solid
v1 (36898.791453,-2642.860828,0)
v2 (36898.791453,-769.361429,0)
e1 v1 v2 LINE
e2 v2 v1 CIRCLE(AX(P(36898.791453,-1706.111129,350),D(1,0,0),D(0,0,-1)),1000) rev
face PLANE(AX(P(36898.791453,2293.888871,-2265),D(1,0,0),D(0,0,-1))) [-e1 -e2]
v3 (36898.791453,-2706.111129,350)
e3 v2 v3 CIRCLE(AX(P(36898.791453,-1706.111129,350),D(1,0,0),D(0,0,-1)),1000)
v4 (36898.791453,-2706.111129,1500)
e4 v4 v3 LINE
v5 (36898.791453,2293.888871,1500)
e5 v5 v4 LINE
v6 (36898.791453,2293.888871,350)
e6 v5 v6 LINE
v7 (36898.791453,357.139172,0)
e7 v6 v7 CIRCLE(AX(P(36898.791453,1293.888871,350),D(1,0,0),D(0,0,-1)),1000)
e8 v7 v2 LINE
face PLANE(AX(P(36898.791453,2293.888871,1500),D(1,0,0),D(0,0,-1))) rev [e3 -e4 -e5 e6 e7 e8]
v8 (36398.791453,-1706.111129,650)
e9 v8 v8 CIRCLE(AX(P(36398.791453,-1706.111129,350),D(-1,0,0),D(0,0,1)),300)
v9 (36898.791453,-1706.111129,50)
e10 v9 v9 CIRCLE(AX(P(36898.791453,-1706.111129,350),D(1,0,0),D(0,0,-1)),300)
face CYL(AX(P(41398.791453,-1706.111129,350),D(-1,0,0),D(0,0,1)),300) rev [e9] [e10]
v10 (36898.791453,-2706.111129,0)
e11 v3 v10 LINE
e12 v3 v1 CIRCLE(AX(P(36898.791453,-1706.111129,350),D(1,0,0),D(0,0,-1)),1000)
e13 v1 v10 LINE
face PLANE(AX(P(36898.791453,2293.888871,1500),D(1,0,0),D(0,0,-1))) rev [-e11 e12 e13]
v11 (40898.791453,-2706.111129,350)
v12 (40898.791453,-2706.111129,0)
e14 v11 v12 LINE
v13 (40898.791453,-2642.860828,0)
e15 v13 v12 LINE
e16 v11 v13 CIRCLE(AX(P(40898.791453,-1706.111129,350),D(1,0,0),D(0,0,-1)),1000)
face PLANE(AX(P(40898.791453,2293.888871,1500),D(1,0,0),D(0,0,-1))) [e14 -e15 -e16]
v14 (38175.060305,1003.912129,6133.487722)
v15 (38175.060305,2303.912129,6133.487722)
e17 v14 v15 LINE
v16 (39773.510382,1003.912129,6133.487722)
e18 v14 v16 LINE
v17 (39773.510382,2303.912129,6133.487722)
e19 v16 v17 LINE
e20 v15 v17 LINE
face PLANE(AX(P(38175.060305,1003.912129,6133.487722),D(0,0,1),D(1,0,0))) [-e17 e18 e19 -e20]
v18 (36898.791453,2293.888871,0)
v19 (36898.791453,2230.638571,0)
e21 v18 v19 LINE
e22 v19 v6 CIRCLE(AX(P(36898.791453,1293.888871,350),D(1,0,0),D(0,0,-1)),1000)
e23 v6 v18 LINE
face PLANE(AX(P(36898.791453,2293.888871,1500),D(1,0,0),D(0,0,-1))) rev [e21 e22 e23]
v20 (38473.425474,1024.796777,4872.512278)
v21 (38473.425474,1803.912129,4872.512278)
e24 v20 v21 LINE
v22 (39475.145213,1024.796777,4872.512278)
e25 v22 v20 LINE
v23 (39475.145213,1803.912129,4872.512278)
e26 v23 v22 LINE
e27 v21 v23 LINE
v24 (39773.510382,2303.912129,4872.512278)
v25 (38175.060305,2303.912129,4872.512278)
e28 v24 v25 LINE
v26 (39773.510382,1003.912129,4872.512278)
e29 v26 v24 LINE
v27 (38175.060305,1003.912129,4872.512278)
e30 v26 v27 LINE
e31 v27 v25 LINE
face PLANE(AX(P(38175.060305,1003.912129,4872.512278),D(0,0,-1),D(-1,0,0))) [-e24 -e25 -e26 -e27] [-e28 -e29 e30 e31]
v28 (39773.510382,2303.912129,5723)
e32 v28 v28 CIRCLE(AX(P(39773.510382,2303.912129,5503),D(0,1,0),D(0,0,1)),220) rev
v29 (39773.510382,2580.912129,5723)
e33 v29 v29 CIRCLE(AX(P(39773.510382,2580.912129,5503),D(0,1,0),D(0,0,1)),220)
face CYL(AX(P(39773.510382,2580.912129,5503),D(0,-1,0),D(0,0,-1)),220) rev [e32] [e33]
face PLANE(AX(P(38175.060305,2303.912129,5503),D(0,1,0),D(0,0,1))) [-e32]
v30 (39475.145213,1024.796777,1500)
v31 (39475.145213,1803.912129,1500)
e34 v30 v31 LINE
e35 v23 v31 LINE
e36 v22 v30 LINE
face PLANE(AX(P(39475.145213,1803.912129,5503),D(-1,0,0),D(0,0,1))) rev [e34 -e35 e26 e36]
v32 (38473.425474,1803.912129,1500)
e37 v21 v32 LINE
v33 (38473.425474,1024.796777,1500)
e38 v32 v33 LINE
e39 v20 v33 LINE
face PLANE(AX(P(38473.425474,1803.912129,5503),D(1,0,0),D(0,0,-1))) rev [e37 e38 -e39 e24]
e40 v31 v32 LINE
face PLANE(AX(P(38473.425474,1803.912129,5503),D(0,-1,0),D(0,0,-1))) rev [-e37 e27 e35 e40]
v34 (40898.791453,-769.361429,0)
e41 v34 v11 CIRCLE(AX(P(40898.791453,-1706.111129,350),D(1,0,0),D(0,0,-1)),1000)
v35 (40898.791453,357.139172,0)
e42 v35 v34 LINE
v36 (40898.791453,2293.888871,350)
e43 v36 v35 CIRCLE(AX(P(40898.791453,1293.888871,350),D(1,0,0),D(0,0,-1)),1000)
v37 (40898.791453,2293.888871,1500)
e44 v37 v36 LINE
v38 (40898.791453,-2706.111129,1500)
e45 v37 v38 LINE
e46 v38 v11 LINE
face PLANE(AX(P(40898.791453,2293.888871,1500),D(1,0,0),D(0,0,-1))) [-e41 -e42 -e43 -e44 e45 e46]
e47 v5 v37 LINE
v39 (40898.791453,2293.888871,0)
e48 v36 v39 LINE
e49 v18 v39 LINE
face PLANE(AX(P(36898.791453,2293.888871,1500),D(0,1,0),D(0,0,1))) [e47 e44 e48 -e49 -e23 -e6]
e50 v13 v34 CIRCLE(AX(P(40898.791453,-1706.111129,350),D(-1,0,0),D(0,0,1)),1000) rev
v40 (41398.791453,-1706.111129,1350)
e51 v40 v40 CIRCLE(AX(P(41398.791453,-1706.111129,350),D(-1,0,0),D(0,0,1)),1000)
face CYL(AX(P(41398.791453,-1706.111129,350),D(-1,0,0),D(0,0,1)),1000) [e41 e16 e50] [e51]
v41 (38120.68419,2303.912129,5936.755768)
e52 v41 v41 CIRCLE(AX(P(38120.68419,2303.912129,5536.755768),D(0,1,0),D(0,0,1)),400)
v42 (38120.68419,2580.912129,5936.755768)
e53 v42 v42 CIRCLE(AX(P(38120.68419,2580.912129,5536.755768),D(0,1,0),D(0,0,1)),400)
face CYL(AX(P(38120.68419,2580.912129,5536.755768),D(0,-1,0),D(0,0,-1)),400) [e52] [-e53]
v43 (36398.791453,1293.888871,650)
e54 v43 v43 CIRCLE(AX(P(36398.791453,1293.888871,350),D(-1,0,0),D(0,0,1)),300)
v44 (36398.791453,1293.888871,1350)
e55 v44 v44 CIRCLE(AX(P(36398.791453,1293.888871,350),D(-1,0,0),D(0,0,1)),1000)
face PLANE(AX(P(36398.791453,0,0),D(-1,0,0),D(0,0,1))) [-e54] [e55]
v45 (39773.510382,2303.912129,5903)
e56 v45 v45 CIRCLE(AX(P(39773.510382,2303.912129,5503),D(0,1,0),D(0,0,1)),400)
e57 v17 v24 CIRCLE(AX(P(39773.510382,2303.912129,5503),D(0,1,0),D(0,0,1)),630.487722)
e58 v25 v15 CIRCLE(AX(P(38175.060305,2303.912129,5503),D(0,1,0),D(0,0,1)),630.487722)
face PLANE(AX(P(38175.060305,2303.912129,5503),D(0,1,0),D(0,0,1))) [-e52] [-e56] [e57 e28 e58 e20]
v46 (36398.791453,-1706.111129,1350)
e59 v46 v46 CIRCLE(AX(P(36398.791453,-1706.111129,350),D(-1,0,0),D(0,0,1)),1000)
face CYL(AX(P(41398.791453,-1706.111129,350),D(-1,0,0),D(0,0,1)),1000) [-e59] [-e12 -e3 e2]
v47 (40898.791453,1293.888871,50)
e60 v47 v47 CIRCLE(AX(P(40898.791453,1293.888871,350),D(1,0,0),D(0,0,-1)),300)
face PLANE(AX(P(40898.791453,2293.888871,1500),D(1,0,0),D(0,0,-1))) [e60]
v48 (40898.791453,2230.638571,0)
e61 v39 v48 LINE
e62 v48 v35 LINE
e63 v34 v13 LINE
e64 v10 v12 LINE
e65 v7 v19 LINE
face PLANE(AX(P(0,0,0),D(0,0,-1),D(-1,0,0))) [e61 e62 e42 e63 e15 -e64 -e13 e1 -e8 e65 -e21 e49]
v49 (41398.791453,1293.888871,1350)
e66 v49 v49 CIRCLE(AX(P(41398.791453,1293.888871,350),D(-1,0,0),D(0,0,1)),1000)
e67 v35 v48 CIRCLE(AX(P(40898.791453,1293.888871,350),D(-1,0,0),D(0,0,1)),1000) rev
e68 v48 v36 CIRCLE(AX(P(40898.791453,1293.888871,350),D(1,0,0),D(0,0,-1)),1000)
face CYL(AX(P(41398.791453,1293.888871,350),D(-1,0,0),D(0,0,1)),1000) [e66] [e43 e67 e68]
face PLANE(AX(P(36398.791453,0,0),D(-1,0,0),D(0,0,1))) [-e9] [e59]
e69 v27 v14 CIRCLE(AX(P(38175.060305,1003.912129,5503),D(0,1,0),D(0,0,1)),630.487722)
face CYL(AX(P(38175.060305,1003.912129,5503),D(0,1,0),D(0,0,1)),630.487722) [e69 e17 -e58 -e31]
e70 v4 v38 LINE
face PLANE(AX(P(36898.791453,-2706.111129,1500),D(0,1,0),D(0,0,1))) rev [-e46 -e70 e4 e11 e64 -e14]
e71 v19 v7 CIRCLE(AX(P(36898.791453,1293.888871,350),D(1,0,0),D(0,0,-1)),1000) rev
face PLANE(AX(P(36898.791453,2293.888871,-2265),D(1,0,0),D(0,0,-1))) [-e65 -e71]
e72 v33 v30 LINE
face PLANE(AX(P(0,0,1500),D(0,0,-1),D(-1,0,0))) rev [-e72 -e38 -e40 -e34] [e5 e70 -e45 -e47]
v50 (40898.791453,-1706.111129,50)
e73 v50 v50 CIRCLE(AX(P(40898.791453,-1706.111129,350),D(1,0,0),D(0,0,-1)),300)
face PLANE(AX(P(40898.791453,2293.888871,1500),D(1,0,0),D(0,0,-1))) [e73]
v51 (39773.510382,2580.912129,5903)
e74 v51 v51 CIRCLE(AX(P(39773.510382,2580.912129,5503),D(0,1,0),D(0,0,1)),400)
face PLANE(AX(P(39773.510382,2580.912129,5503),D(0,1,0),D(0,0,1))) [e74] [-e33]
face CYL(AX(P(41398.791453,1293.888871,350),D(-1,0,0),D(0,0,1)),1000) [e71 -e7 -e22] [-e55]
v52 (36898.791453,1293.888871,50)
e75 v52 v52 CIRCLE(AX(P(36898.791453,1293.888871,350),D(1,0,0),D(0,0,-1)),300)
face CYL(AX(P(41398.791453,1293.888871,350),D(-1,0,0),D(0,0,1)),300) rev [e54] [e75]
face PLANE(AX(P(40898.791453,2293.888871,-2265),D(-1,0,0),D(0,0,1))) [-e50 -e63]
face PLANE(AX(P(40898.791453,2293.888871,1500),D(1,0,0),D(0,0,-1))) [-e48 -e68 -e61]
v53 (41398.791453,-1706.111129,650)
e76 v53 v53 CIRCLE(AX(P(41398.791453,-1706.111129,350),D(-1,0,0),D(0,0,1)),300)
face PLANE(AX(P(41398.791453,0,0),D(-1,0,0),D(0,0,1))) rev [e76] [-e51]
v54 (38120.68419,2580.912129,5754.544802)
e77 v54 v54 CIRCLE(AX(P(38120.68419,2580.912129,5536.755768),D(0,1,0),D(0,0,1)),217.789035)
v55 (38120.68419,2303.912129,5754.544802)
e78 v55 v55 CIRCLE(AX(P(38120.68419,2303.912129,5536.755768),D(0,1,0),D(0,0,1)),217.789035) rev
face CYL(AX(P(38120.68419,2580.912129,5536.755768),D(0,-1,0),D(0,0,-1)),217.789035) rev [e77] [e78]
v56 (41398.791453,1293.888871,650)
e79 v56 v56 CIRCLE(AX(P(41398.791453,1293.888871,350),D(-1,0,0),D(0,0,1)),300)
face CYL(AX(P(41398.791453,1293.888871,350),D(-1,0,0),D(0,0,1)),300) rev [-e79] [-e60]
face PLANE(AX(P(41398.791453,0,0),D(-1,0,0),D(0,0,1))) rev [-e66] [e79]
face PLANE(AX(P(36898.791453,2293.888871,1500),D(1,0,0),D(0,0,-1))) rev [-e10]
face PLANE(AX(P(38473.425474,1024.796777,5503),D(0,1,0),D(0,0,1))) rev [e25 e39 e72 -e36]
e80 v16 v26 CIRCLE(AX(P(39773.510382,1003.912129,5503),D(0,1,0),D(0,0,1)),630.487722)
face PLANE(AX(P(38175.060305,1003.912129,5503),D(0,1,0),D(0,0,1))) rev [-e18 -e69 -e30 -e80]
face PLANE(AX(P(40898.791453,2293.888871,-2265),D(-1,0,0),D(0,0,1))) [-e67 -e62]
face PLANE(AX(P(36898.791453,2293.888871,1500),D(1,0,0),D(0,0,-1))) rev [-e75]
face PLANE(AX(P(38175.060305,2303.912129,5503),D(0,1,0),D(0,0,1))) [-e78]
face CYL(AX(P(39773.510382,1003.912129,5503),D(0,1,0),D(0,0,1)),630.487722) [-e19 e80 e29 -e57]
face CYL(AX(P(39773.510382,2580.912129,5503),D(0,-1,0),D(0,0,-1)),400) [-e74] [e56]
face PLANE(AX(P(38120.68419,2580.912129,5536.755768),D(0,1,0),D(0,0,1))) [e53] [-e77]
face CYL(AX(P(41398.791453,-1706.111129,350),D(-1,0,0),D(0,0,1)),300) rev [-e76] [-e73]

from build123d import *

# Parameters (mm, degrees)
SKETCH2_W                = 4000
SKETCH2_H                = 5000
BOSS_EXTRUDE1_DEPTH      = 1500
SKETCH3_R                = 1000
SKETCH3_R_2              = 300
BOSS_EXTRUDE3_DEPTH      = 500
BOSS_EXTRUDE3_DEPTH_BACK = 4500
SKETCH5_W                = 4000
SKETCH5_H                = 5000
CUT_EXTRUDE1_DEPTH       = 2265
SKETCH6_W                = 1001.71973897
SKETCH6_H                = 779.115352533
BOSS_EXTRUDE4_DEPTH      = 4003
BOSS_EXTRUDE5_DEPTH      = 500
BOSS_EXTRUDE5_DEPTH_BACK = 800
SKETCH8_R                = 400
SKETCH8_R_2              = 217.789034684
SKETCH8_R_3              = 220
BOSS_EXTRUDE6_DEPTH      = 277


with BuildPart() as part:
    # Sketch2 → Boss-Extrude1 (new body)
    with BuildSketch(Plane.XY):
        with Locations((38898.791453363, -206.111128518)):
            Rectangle(SKETCH2_W, SKETCH2_H)
    extrude(amount=BOSS_EXTRUDE1_DEPTH)

    # Sketch3 → Boss-Extrude3 (add, two sides)
    with BuildSketch(Plane.ZY.offset(-36898.791453363)) as boss_extrude3_sk:
        with Locations((350, 1293.888871482)):
            Circle(SKETCH3_R)
        with Locations((350, 1293.888871482)):
            Circle(SKETCH3_R_2, mode=Mode.SUBTRACT)
        with Locations((350, -1706.111128518)):
            Circle(SKETCH3_R)
        with Locations((350, -1706.111128518)):
            Circle(SKETCH3_R_2, mode=Mode.SUBTRACT)
    extrude(amount=BOSS_EXTRUDE3_DEPTH)
    extrude(boss_extrude3_sk.sketch, amount=-BOSS_EXTRUDE3_DEPTH_BACK)

    # Sketch5 → Cut-Extrude1 (cut)
    with BuildSketch(Plane(origin=(0, 0, 0), x_dir=(-1, 0, 0), z_dir=(0, 0, -1))):
        with Locations((-38898.791453363, -206.111128518)):
            Rectangle(SKETCH5_W, SKETCH5_H)
    extrude(amount=CUT_EXTRUDE1_DEPTH, mode=Mode.SUBTRACT)

    # Sketch6 → Boss-Extrude4 (add)
    with BuildSketch(Plane.XY.offset(1500)):
        with Locations((38974.285343741, 1414.354452783)):
            Rectangle(SKETCH6_W, SKETCH6_H)
    extrude(amount=BOSS_EXTRUDE4_DEPTH)

    # Sketch7 → Boss-Extrude5 (add, two sides)
    with BuildSketch(Plane(origin=(0, 1803.912129049, 0), x_dir=(1, 0, 0), z_dir=(0, 1, 0))) as boss_extrude5_sk:
        with BuildLine():
            Line((38175.060305498, -4872.512277543), (39773.510381983, -4872.512277543))
            ThreePointArc((39773.510381983, -4872.512277543), (40403.998104441, -5503), (39773.510381983, -6133.487722457))
            Line((39773.510381983, -6133.487722457), (38175.060305498, -6133.487722457))
            ThreePointArc((38175.060305498, -6133.487722457), (37544.572583041, -5503), (38175.060305498, -4872.512277543))
        make_face()
    extrude(amount=BOSS_EXTRUDE5_DEPTH)
    extrude(boss_extrude5_sk.sketch, amount=-BOSS_EXTRUDE5_DEPTH_BACK)

    # Sketch8 → Boss-Extrude6 (add)
    with BuildSketch(Plane(origin=(0, 2303.912129049, 0), x_dir=(1, 0, 0), z_dir=(0, 1, 0))):
        with Locations((38120.684189959, -5536.755767572)):
            Circle(SKETCH8_R)
        with Locations((38120.684189959, -5536.755767572)):
            Circle(SKETCH8_R_2, mode=Mode.SUBTRACT)
        with Locations((39773.510381983, -5503)):
            Circle(SKETCH8_R)
        with Locations((39773.510381983, -5503)):
            Circle(SKETCH8_R_3, mode=Mode.SUBTRACT)
    extrude(amount=BOSS_EXTRUDE6_DEPTH)


solid = part.part
